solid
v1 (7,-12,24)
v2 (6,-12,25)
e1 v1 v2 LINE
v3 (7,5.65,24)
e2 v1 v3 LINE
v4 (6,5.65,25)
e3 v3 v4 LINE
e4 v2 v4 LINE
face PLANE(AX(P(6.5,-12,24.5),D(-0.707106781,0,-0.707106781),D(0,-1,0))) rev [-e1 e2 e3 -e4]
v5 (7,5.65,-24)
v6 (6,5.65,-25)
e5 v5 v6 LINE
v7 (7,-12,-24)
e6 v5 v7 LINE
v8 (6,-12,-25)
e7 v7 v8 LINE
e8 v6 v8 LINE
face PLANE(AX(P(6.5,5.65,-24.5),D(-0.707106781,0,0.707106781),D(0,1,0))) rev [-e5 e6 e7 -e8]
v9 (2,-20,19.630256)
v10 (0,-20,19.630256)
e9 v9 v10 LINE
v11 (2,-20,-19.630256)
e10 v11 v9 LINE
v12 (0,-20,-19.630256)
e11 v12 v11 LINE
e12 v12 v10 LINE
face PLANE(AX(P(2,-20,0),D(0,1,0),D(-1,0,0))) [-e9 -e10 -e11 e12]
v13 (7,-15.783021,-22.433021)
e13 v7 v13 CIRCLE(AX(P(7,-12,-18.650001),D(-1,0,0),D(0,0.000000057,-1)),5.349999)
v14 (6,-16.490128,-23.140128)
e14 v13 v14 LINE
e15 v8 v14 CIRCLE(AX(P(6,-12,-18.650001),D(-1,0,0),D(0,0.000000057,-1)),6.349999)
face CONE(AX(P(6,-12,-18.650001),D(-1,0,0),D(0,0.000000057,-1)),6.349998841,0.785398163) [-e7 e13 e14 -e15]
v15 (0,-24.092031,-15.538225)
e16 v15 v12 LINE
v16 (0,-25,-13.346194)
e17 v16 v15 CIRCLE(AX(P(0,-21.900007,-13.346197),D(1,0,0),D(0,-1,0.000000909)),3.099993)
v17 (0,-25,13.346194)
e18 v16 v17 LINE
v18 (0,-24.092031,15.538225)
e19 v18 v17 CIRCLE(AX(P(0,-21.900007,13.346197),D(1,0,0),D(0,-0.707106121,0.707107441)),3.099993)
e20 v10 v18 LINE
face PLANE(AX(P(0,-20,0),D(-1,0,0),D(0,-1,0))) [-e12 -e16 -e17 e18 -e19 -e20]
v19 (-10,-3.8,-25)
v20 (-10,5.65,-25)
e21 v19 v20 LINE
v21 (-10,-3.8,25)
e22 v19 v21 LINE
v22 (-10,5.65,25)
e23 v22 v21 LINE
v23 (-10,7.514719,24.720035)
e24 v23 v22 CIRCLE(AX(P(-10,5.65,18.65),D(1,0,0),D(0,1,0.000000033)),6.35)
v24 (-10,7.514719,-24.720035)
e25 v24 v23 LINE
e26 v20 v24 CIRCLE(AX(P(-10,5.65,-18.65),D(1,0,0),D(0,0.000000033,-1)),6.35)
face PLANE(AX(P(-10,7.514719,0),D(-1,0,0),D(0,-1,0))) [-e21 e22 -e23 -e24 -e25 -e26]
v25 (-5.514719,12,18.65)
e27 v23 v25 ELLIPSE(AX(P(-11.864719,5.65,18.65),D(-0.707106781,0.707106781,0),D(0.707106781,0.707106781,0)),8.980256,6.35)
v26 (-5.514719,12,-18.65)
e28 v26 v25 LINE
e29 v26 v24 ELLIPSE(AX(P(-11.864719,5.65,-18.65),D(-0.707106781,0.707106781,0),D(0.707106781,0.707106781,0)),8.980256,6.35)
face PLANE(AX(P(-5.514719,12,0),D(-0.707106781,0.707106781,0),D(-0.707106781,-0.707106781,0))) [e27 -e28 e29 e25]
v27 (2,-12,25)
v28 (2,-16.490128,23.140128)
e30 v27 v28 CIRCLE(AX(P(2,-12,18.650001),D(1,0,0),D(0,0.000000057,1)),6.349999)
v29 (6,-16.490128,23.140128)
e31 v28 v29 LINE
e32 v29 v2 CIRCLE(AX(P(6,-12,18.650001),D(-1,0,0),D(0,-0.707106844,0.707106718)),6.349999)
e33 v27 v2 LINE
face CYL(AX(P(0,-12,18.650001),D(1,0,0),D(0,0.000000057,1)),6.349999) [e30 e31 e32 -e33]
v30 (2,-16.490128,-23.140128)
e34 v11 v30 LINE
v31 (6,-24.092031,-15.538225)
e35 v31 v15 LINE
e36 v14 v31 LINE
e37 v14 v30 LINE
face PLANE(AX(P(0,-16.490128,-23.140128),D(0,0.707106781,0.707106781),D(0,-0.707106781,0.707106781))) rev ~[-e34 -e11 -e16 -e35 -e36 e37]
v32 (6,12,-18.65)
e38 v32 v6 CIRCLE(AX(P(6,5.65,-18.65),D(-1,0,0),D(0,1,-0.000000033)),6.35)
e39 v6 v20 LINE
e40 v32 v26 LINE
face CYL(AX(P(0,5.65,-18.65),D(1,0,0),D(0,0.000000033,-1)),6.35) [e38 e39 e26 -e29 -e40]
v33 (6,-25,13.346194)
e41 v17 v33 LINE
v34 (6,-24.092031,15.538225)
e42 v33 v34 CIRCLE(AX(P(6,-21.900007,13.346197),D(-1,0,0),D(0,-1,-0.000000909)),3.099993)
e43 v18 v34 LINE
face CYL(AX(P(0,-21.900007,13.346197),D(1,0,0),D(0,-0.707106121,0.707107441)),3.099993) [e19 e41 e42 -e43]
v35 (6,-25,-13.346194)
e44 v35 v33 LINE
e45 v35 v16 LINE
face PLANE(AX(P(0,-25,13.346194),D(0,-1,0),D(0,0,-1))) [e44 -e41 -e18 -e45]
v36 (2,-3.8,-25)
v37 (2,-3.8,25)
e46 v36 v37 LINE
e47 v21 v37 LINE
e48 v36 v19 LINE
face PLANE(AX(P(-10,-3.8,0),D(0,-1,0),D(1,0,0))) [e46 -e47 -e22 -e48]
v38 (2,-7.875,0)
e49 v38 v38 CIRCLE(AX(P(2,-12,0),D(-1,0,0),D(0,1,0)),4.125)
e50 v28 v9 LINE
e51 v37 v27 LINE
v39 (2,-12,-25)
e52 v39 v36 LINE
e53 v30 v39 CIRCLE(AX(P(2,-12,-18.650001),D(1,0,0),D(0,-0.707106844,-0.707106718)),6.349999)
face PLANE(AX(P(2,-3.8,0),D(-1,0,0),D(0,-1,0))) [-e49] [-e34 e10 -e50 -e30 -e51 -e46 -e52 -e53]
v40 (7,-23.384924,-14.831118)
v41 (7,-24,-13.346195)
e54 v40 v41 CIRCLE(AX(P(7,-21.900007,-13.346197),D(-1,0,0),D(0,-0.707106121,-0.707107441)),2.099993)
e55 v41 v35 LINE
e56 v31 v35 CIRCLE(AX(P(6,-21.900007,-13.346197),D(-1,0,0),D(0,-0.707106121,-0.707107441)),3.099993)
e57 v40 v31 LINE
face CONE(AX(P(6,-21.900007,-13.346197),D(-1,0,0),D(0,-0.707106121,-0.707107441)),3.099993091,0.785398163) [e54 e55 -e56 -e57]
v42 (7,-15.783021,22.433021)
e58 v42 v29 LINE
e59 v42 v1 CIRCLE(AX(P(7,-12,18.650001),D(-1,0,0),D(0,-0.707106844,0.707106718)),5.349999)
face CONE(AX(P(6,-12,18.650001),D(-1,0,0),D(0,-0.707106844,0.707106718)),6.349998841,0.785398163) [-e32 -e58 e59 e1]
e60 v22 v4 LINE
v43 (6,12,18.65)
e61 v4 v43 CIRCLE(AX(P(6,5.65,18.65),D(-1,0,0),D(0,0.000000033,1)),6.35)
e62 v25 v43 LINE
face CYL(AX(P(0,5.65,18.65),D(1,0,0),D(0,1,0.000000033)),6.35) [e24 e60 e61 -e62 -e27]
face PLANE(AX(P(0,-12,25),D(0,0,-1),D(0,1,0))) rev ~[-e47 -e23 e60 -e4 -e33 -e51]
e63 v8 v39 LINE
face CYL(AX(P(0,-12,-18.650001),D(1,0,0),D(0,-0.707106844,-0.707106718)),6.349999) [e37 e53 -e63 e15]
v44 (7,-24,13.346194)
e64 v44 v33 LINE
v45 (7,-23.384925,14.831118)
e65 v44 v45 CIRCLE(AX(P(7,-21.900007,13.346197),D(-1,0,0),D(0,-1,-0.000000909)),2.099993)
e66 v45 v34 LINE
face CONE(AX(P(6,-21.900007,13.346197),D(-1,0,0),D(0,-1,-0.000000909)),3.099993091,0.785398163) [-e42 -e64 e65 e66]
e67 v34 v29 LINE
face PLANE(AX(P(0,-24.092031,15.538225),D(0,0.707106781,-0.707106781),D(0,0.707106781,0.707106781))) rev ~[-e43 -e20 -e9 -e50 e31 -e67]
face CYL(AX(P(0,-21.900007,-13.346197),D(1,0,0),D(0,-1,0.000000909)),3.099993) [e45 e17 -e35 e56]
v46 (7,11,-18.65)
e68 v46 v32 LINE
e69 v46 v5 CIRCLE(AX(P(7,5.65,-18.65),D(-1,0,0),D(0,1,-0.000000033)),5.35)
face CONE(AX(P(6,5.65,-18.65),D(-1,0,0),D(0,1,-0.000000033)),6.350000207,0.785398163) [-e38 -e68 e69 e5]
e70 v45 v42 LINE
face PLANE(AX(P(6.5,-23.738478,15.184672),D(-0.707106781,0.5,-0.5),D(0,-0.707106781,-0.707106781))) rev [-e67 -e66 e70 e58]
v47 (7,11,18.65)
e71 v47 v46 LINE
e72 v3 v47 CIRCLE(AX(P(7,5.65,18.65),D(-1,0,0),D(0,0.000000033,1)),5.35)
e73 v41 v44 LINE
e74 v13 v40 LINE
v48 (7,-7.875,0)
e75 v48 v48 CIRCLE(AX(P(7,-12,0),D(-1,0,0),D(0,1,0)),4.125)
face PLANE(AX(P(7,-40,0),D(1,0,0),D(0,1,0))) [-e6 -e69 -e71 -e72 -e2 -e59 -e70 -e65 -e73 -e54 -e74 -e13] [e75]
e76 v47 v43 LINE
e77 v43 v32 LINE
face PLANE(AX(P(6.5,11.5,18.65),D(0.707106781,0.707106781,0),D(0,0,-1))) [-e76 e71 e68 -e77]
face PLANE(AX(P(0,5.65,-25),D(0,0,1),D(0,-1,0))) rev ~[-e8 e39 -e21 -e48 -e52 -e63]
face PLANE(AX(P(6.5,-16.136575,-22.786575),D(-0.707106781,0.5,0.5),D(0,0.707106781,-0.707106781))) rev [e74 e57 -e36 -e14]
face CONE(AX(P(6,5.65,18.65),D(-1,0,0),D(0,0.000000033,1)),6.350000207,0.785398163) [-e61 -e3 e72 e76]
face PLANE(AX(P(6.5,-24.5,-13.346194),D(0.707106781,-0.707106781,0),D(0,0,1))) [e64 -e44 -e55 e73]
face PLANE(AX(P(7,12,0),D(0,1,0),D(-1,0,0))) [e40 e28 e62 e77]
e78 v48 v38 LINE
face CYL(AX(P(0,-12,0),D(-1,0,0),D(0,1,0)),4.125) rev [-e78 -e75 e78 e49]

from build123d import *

# Parameters (mm, degrees)
SKETCH074_R     = 4.125
PAD028_DEPTH    = 25
PAD027_DEPTH    = 50
CHAMFER002_SIZE = 1


with BuildPart() as body028:
    # Sketch074 → Pad028 (new body, symmetric)
    with BuildSketch(Plane.YZ):
        with BuildLine():
            Line((12, 18.65), (12, -18.65))
            ThreePointArc((5.65, -25), (10.140128, -23.140128), (12, -18.65))
            Line((5.65, -25), (-12, -25))
            ThreePointArc((-16.490128, -23.140128), (-14.43004, -24.516635), (-12, -25))
            Line((-16.490128, -23.140128), (-24.092031, -15.538225))
            ThreePointArc((-25, -13.346194), (-24.764027, -14.532513), (-24.092031, -15.538225))
            Line((-25, 13.346194), (-25, -13.346194))
            ThreePointArc((-24.092031, 15.538225), (-24.764027, 14.532513), (-25, 13.346194))
            Line((-24.092031, 15.538225), (-16.490128, 23.140128))
            ThreePointArc((-12, 25), (-14.43004, 24.516635), (-16.490128, 23.140128))
            Line((-12, 25), (5.65, 25))
            ThreePointArc((12, 18.65), (10.140128, 23.140128), (5.65, 25))
        make_face()
        with Locations((-12, 0)):
            Circle(SKETCH074_R, mode=Mode.SUBTRACT)
    extrude(amount=PAD028_DEPTH, both=True)


with BuildPart() as body:
    # Sketch073 → Pad027 (new body, symmetric)
    with BuildSketch(Plane.XY):
        Polygon((7, 12), (-5.514719, 12), (-10, 7.514719), (-10, -3.8), (2, -3.8), (2, -20), (0, -20), (0, -40), (7, -40), align=None)
    extrude(amount=PAD027_DEPTH, both=True)

    # Boolean002: intersect Body028
    add(body028.part, mode=Mode.INTERSECT)

    # Chamfer002
    chamfer002_edges = [body.edges().sort_by_distance(p)[0] for p in [
        (7, -3.175, 25),
    ]]
    chamfer(chamfer002_edges, length=CHAMFER002_SIZE)


solid = body.part
